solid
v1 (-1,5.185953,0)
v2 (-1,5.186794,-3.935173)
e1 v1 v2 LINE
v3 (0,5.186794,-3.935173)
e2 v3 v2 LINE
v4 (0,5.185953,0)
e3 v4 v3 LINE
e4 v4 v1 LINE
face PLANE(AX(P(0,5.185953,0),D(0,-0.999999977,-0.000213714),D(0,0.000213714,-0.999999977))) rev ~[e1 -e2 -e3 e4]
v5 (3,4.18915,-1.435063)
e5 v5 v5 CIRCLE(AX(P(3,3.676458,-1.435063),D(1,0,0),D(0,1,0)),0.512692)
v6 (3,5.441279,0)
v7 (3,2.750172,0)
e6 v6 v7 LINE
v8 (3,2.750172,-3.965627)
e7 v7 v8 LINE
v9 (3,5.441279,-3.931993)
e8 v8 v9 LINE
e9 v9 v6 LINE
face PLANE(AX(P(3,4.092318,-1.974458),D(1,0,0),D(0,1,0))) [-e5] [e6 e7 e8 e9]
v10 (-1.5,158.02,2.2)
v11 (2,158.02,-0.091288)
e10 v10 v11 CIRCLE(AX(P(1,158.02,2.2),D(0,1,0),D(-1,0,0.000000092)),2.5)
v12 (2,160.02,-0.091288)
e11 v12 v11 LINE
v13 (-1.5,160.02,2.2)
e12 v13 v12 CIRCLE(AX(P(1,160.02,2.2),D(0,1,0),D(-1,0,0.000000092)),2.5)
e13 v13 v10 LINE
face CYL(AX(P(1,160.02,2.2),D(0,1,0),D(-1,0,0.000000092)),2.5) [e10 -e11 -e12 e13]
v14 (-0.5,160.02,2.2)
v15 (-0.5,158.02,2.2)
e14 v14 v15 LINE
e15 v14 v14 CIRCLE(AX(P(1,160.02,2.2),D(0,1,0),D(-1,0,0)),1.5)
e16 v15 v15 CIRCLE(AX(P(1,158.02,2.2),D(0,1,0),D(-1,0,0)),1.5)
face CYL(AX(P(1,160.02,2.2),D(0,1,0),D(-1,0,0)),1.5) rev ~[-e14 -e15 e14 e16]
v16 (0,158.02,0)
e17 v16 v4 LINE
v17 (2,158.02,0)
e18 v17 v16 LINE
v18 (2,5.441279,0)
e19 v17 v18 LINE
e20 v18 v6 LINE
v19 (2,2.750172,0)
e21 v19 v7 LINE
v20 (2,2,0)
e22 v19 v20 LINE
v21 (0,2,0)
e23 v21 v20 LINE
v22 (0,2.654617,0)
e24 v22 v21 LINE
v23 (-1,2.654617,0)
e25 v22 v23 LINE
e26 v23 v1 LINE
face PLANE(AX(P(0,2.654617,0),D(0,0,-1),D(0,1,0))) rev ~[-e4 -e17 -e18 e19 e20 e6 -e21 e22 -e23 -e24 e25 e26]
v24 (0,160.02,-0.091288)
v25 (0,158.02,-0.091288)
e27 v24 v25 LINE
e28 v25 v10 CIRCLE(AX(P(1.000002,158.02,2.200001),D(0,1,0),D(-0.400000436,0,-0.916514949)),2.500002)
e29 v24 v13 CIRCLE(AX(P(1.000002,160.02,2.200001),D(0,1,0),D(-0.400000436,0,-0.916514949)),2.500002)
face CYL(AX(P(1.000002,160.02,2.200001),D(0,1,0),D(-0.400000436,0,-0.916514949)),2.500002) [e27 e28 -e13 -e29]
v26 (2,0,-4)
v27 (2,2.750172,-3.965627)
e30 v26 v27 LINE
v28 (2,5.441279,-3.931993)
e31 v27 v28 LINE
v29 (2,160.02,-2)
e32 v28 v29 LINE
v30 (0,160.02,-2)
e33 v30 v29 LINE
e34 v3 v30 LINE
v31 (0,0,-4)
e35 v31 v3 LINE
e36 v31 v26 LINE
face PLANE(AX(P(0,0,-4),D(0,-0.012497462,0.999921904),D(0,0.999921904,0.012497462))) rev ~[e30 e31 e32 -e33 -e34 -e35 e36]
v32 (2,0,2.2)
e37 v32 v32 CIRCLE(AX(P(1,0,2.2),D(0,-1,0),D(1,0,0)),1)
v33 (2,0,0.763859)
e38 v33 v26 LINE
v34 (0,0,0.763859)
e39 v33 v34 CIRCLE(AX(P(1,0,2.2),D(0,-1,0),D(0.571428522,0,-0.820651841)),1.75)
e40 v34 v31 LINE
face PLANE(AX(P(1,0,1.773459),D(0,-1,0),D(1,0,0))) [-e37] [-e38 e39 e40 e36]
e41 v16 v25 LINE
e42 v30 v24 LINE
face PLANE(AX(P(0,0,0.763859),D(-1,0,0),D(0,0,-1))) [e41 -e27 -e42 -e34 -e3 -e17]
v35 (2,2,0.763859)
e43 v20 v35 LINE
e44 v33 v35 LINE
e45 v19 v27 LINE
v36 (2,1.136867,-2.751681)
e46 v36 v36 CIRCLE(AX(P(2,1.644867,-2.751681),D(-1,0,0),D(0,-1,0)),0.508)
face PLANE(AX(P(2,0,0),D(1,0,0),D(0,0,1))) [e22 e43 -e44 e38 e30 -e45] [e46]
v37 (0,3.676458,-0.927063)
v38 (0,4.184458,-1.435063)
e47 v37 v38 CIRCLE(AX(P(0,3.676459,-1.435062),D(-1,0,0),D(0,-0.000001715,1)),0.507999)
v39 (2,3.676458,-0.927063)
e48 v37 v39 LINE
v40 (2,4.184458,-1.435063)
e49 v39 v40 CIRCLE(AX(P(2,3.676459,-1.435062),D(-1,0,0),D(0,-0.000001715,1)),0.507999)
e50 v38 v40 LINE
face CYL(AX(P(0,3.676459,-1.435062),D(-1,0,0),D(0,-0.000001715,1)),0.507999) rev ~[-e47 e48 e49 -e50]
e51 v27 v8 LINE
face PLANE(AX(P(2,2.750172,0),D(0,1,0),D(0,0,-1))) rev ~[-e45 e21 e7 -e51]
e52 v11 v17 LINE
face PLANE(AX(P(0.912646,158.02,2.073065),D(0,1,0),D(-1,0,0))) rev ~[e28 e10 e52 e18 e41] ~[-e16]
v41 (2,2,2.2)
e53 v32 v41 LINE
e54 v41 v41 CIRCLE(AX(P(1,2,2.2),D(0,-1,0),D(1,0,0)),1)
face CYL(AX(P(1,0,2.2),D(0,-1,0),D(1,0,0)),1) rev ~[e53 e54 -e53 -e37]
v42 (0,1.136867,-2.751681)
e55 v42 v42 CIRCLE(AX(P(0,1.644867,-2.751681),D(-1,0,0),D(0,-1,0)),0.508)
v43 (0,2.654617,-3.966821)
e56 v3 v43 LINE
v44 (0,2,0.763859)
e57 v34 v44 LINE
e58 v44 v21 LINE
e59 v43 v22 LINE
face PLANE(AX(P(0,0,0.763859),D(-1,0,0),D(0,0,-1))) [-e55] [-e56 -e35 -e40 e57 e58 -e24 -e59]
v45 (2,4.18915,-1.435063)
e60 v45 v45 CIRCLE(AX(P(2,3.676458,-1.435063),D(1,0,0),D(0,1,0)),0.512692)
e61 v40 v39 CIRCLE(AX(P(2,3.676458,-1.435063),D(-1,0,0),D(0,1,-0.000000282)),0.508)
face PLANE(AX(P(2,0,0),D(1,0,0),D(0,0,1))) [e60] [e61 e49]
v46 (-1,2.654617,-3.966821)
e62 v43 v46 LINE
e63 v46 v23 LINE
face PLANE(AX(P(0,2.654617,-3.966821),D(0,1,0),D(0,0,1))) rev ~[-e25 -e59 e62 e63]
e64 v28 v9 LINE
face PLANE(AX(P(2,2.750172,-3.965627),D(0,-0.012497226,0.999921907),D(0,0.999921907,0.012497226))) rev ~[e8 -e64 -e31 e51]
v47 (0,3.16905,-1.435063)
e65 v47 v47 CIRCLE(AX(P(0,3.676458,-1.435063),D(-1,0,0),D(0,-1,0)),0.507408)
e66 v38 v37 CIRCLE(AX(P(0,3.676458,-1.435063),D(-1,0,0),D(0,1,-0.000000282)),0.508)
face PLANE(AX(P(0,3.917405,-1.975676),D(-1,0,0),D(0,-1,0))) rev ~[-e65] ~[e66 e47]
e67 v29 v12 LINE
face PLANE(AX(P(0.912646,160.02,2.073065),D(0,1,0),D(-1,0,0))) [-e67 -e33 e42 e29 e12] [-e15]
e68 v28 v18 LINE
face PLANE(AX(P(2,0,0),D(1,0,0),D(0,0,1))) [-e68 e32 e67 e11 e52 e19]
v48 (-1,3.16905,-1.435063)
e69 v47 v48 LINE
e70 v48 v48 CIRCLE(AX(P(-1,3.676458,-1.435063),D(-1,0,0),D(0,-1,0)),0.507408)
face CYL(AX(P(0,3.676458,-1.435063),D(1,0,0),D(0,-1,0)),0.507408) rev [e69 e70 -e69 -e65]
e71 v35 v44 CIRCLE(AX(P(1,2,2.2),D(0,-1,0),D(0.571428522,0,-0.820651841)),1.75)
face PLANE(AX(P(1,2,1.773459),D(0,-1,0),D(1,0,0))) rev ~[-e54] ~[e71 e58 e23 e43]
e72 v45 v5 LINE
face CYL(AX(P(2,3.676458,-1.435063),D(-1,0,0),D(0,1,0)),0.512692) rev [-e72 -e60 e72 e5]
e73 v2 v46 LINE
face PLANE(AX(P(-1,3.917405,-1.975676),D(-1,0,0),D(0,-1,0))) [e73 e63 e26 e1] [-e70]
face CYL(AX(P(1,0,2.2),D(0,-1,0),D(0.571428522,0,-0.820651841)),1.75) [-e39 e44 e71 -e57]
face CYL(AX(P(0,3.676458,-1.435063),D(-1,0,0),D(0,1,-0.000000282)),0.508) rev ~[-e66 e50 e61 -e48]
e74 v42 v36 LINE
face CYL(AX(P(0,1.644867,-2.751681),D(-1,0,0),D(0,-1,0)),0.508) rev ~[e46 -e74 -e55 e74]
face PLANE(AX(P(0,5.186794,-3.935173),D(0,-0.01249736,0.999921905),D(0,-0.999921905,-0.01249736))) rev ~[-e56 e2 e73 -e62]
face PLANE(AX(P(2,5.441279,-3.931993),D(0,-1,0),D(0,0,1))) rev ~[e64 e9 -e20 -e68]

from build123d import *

# Parameters (mm, degrees)
F1_DEPTH = 2
F2_R     = 1.5
F3_DEPTH = 2
F4_R     = 1
F5_DEPTH = 2
F6_R     = 0.512692
F7_DEPTH = 1
F8_R     = 0.507408
F9_DEPTH = 1


with BuildPart() as f1:
    # F0 (on Right) → F1 (new body)
    with BuildSketch(Plane.YZ):
        with BuildLine():
            ThreePointArc((2.152867, -2.751681), (1.644867, -2.243681), (1.136867, -2.751681))
            ThreePointArc((1.136867, -2.751681), (1.644867, -3.259681), (2.152867, -2.751681))
        make_face()
        with BuildLine():
            ThreePointArc((4.184458, -1.435063), (4.035669, -1.075853), (3.676458, -0.927063))
            ThreePointArc((3.676458, -0.927063), (3.317248, -1.794273), (4.184458, -1.435063))
        make_face()
        Polygon((3.676458, 0), (0, 0), (0, -2.751681), (0, -4), (160.02, -2), (160.02, 0), align=None)
        with BuildLine():
            ThreePointArc((2.152867, -2.751681), (1.644867, -3.259681), (1.136867, -2.751681))
            ThreePointArc((1.136867, -2.751681), (1.644867, -2.243681), (2.152867, -2.751681))
        make_face(mode=Mode.SUBTRACT)
        with BuildLine():
            ThreePointArc((4.184458, -1.435063), (3.317248, -1.794273), (3.676458, -0.927063))
            ThreePointArc((3.676458, -0.927063), (4.035669, -1.075853), (4.184458, -1.435063))
        make_face(mode=Mode.SUBTRACT)
    extrude(amount=F1_DEPTH)

    # F2 (on face) → F3 (join)
    with BuildSketch(Plane(origin=(0, 160.02, 0), x_dir=(-1, 0, 0), z_dir=(0, 1, 0))):
        with BuildLine():
            ThreePointArc((0, -0.091288), (1.09165, 0.830694), (1.5, 2.2))
            ThreePointArc((1.5, 2.2), (-2.369306, 4.29165), (-2, -0.091288))
            Line((-2, -0.091288), (-2, 0))
            Line((-2, 0), (0, 0))
            Line((0, 0), (0, -0.091288))
        make_face()
        with Locations((-1, 2.2)):
            Circle(F2_R, mode=Mode.SUBTRACT)
    extrude(amount=-F3_DEPTH)

    # F4 (on face) → F5 (join)
    with BuildSketch(Plane.XZ):
        with BuildLine():
            Line((2, 0), (2, 0.763859))
            ThreePointArc((2, 0.763859), (1, 3.95), (0, 0.763859))
            Line((0, 0.763859), (0, 0))
            Line((0, 0), (2, 0))
        make_face()
        with Locations((1, 2.2)):
            Circle(F4_R, mode=Mode.SUBTRACT)
    extrude(amount=-F5_DEPTH)

    # F6 (on face) → F7 (join)
    with BuildSketch(Plane.YZ.offset(2)):
        Polygon((5.441279, 0), (2.750172, 0), (2.750172, -3.965627), (5.441279, -3.931993), align=None)
        with Locations((3.676458, -1.435063)):
            Circle(F6_R, mode=Mode.SUBTRACT)
    extrude(amount=F7_DEPTH)

    # F8 (on face) → F9 (join)
    with BuildSketch(Plane(origin=(0, 0, 0), x_dir=(0, -1, 0), z_dir=(-1, 0, 0))):
        Polygon((-2.654617, 0), (-5.185953, 0), (-5.186794, -3.935173), (-2.654617, -3.966821), align=None)
        with Locations((-3.676458, -1.435063)):
            Circle(F8_R, mode=Mode.SUBTRACT)
    extrude(amount=F9_DEPTH)


solid = f1.part
